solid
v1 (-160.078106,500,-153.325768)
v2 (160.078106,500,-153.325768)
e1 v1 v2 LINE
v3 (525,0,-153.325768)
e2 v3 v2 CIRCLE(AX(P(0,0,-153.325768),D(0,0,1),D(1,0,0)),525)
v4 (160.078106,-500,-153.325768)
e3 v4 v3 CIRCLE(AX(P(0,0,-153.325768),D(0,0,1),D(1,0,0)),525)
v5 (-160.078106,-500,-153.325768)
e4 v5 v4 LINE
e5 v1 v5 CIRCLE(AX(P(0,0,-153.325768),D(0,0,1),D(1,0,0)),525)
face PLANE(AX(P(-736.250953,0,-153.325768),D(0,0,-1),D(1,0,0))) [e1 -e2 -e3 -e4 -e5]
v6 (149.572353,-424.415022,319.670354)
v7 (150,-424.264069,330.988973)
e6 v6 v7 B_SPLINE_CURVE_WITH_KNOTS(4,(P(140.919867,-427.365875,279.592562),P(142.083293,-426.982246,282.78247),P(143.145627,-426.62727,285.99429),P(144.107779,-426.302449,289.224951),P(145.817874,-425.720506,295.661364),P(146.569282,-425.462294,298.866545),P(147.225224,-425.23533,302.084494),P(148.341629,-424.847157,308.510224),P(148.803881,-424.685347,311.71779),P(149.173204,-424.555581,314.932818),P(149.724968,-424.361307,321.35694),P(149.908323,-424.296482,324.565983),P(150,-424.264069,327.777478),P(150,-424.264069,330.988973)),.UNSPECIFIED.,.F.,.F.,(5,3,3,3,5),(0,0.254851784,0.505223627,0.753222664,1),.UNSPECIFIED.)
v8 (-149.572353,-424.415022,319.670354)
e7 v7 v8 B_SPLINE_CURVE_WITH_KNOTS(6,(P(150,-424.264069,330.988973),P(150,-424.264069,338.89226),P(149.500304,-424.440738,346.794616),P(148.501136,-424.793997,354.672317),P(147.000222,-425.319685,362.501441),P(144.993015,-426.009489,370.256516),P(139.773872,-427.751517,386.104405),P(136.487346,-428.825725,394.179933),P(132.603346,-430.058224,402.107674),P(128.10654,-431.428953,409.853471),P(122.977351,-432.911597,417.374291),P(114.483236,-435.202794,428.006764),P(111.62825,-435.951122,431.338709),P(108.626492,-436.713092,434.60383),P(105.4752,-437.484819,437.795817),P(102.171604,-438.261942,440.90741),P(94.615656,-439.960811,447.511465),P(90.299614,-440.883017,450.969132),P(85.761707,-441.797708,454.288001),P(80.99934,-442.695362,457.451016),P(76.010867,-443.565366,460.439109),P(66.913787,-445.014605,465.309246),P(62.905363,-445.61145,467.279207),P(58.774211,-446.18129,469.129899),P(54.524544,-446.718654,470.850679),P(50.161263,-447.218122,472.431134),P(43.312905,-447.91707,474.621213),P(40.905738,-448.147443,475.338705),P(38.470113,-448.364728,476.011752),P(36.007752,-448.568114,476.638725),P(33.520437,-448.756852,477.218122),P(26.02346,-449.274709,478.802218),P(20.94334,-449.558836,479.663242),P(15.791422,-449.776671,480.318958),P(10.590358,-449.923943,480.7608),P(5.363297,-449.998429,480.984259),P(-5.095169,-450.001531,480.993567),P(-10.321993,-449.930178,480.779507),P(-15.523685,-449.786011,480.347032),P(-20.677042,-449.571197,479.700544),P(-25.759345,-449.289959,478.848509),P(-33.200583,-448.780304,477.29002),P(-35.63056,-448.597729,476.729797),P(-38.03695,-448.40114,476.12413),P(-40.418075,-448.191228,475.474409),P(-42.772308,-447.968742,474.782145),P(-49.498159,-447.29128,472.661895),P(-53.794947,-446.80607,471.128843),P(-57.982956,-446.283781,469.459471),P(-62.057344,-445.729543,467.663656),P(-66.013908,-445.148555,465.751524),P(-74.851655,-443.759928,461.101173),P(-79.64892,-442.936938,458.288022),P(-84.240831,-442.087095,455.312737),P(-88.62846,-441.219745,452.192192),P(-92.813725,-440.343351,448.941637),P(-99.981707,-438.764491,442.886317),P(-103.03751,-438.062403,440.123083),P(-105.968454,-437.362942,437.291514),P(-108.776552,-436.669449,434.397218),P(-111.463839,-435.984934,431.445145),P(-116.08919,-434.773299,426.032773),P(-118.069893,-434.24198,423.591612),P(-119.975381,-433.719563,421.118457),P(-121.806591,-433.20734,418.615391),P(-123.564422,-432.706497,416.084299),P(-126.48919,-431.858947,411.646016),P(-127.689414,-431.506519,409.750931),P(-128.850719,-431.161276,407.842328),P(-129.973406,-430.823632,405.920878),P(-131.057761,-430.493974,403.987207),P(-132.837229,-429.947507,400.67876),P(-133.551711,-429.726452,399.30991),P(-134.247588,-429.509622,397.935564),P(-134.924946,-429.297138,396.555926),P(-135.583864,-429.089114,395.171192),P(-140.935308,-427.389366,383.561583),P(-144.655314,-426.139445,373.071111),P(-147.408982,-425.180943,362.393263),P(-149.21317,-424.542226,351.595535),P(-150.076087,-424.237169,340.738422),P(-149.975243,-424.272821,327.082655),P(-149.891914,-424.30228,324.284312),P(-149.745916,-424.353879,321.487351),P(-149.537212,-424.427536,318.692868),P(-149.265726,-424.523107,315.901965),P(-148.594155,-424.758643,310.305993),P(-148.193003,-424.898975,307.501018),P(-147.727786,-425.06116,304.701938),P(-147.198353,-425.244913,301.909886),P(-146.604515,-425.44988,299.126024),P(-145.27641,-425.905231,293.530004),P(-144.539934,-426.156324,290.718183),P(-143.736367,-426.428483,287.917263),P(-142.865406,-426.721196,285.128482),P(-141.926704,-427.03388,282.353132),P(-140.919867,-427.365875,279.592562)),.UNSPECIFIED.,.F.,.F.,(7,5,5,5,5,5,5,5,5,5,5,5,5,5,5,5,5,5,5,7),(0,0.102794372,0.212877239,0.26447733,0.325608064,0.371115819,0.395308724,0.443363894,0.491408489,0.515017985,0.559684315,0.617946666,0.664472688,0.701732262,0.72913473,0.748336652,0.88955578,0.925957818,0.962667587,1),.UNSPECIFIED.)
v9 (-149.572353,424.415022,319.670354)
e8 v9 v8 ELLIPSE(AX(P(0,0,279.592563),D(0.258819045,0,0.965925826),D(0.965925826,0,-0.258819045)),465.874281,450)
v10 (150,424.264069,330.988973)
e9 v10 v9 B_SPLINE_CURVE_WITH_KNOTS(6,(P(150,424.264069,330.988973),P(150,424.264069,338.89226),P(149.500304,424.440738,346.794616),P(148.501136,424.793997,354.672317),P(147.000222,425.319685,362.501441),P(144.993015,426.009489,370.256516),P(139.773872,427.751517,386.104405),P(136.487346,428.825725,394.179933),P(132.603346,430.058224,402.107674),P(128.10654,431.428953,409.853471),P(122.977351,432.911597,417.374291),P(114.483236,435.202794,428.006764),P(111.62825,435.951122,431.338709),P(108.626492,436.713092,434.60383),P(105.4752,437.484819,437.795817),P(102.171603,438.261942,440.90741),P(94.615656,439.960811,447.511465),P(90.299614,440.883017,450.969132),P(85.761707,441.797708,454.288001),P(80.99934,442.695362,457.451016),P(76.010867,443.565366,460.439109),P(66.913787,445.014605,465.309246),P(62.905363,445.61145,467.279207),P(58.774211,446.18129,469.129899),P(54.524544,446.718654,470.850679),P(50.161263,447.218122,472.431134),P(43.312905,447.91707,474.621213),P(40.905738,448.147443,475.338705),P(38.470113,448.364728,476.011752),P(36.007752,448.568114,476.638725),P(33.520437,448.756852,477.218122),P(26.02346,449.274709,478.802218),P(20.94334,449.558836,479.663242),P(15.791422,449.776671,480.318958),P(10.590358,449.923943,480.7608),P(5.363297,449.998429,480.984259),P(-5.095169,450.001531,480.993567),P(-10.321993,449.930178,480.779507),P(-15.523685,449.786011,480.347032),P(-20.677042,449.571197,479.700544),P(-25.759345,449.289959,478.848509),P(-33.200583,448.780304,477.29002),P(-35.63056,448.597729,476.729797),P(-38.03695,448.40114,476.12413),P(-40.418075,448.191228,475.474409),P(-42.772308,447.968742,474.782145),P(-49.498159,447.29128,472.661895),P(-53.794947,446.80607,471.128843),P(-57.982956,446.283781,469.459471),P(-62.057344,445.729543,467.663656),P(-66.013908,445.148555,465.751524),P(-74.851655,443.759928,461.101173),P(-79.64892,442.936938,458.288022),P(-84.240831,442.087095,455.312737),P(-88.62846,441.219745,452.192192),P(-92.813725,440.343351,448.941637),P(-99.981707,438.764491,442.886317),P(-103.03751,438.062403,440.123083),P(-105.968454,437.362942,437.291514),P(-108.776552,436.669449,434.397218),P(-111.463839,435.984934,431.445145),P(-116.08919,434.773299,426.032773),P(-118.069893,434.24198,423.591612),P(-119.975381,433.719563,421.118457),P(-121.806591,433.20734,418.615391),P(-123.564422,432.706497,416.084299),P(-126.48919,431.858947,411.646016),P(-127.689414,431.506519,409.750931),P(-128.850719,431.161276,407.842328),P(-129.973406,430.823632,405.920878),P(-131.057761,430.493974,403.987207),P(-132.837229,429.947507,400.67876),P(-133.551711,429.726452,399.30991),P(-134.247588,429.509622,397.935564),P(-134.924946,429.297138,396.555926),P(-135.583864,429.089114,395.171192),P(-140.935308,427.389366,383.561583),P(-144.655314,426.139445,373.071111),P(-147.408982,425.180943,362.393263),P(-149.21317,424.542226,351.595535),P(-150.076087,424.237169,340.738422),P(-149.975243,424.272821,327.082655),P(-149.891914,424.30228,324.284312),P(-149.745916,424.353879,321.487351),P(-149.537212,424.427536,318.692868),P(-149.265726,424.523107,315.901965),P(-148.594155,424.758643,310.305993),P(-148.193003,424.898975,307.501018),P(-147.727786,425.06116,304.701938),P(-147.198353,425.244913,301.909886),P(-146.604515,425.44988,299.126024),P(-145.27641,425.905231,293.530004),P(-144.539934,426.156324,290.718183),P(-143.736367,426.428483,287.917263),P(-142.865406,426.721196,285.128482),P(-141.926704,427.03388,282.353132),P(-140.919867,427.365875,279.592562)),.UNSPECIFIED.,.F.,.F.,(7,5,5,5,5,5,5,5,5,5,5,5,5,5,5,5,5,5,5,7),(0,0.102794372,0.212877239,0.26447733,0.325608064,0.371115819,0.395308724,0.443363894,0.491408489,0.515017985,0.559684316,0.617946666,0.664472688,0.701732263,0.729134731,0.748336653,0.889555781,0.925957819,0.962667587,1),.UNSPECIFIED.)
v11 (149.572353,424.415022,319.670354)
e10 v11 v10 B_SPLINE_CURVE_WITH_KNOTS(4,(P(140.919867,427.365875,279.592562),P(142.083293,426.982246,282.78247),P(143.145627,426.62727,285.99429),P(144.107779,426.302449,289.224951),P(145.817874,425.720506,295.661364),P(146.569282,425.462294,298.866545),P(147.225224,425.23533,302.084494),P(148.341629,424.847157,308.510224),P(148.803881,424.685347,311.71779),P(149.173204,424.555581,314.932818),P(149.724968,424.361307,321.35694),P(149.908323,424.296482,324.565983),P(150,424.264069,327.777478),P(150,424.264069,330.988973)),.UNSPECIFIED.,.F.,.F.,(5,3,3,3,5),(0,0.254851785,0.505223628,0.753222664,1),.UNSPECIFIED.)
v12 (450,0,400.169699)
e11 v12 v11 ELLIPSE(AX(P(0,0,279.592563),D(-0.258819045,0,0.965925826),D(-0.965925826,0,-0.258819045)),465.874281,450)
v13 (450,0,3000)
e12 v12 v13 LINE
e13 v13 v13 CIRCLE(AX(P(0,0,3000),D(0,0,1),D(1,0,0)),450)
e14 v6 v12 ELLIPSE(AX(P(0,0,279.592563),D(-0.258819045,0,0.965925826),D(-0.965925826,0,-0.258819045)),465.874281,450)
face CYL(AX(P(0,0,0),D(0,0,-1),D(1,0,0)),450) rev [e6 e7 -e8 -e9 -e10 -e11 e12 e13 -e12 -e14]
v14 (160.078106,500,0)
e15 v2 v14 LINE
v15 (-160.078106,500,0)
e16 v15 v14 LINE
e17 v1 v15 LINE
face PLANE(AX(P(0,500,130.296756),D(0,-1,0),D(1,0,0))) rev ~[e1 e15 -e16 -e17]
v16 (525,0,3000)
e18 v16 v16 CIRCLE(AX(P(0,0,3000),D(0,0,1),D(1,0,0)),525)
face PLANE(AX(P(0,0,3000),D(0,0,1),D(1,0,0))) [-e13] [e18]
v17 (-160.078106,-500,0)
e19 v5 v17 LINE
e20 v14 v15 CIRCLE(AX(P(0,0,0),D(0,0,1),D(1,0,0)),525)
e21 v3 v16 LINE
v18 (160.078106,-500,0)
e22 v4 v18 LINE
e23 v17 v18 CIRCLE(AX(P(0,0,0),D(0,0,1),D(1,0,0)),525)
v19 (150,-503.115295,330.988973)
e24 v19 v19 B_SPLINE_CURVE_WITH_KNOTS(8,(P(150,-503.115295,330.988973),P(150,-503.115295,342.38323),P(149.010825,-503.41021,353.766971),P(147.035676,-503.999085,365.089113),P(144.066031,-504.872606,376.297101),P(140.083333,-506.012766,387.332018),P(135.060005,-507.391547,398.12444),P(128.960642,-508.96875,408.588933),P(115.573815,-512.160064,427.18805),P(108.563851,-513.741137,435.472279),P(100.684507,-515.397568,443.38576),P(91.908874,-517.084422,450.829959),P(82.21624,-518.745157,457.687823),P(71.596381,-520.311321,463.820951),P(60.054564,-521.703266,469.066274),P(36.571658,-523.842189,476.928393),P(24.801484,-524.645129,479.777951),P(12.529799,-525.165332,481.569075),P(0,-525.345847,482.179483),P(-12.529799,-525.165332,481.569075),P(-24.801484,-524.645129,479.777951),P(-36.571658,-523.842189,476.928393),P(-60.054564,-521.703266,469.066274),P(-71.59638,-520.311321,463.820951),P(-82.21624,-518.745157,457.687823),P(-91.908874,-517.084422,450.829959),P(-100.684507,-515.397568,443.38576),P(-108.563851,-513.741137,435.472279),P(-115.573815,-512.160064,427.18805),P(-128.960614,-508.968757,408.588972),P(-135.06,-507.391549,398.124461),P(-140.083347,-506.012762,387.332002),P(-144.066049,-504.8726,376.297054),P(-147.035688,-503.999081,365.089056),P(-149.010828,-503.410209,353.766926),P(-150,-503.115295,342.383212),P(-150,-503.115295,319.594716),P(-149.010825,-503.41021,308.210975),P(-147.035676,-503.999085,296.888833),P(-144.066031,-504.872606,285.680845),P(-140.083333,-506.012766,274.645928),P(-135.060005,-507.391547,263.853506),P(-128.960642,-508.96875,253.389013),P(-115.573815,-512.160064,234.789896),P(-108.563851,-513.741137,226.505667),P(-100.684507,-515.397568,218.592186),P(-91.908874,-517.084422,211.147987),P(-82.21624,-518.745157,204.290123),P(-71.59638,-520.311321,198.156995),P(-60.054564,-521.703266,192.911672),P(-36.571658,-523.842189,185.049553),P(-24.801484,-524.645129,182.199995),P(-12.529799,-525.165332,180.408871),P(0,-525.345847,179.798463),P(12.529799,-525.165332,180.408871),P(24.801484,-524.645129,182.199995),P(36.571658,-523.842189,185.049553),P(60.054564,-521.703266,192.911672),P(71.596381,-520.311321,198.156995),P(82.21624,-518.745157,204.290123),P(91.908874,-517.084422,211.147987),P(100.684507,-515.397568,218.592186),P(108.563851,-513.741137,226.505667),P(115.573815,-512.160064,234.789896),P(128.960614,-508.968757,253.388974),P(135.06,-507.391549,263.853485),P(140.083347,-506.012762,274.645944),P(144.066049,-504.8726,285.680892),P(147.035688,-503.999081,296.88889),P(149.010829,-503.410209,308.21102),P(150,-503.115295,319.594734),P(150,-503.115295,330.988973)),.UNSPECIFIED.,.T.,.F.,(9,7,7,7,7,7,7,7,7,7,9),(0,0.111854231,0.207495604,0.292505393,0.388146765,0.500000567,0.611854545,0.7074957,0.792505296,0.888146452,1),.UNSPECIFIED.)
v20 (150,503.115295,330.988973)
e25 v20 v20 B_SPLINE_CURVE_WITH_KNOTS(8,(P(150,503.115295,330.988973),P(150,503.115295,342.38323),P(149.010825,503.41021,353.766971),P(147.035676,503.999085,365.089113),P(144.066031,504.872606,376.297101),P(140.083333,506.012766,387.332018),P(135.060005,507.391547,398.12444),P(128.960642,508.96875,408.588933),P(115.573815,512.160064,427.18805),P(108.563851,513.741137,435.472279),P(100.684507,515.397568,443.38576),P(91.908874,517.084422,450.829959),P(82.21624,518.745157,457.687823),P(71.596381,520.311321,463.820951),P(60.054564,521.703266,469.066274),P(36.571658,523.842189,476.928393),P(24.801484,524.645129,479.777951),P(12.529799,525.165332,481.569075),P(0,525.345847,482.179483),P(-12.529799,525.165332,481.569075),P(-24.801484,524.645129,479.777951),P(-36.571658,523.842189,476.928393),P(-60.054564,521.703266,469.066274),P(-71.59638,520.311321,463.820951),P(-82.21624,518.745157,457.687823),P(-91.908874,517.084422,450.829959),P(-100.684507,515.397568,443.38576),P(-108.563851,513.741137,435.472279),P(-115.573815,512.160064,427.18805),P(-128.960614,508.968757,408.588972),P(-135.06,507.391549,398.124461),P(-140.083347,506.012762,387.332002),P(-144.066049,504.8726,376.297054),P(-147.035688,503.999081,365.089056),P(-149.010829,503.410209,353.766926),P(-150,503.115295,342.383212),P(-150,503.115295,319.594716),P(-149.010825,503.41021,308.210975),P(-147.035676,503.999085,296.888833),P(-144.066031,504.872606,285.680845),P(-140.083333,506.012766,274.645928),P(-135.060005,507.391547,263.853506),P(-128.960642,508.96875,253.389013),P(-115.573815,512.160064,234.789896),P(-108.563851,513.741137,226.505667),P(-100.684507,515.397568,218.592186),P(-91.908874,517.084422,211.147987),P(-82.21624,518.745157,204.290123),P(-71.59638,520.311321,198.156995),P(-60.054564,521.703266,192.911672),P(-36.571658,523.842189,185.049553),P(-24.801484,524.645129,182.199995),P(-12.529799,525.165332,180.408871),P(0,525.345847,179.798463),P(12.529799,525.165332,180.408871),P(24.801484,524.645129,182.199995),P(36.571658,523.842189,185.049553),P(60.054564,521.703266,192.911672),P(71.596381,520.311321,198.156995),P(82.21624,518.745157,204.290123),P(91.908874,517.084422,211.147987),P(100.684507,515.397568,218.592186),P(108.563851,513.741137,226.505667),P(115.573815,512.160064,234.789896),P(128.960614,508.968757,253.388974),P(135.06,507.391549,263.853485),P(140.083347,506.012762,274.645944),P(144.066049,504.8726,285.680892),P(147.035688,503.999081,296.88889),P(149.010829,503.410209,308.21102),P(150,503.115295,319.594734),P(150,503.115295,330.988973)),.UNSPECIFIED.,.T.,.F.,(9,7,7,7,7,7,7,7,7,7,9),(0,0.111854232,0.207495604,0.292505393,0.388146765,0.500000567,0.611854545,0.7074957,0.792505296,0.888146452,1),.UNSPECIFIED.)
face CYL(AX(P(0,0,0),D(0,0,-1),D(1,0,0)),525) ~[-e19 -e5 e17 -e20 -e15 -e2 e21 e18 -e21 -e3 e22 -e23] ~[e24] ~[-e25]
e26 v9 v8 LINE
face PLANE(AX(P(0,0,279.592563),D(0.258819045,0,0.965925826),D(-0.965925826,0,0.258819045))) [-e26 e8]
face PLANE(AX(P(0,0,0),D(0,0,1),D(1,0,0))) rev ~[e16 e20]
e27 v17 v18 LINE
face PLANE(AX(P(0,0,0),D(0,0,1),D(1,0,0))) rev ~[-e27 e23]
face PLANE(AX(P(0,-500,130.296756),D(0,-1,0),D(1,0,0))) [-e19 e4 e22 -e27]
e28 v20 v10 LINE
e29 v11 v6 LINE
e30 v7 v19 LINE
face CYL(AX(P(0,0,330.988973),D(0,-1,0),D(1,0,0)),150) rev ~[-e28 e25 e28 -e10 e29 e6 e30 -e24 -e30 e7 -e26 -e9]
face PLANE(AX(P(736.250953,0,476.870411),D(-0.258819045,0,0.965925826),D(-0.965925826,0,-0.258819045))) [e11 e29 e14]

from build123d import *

# Parameters (mm, degrees)
F0_R     = 525
F0_R_2   = 450
F1_DEPTH = 3000
F3_DEPTH = 500
F4_W     = 1649.553597
F4_H     = 1255.804241
F4_R     = 525
F5_DEPTH = 7000
F6_R     = 150
F7_DEPTH = 550


with BuildPart() as f1:
    # F0 (on Top) → F1 (new body)
    with BuildSketch(Plane.XY):
        Circle(F0_R)
        Circle(F0_R_2, mode=Mode.SUBTRACT)
    extrude(amount=F1_DEPTH)

    # F2 (on Front) → F3 (join, symmetric)
    with BuildSketch(Plane.XZ):
        Polygon((736.250953, 476.870411), (0, 279.592563), (-736.250953, 476.870411), (-736.250953, -153.325768), (736.250953, -153.325768), align=None)
    extrude(amount=F3_DEPTH, both=True)

    # F4 (on face) → F5 (cut)
    with BuildSketch(Plane.XY.offset(3000)):
        with Locations((44.825762, 18.989593)):
            Rectangle(F4_W, F4_H)
        Circle(F4_R, mode=Mode.SUBTRACT)
    extrude(amount=-F5_DEPTH, mode=Mode.SUBTRACT)

    # F6 (on Front) → F7 (cut, symmetric)
    with BuildSketch(Plane.XZ):
        with Locations((0, 330.988973)):
            Circle(F6_R)
    extrude(amount=F7_DEPTH, both=True, mode=Mode.SUBTRACT)


solid = f1.part
